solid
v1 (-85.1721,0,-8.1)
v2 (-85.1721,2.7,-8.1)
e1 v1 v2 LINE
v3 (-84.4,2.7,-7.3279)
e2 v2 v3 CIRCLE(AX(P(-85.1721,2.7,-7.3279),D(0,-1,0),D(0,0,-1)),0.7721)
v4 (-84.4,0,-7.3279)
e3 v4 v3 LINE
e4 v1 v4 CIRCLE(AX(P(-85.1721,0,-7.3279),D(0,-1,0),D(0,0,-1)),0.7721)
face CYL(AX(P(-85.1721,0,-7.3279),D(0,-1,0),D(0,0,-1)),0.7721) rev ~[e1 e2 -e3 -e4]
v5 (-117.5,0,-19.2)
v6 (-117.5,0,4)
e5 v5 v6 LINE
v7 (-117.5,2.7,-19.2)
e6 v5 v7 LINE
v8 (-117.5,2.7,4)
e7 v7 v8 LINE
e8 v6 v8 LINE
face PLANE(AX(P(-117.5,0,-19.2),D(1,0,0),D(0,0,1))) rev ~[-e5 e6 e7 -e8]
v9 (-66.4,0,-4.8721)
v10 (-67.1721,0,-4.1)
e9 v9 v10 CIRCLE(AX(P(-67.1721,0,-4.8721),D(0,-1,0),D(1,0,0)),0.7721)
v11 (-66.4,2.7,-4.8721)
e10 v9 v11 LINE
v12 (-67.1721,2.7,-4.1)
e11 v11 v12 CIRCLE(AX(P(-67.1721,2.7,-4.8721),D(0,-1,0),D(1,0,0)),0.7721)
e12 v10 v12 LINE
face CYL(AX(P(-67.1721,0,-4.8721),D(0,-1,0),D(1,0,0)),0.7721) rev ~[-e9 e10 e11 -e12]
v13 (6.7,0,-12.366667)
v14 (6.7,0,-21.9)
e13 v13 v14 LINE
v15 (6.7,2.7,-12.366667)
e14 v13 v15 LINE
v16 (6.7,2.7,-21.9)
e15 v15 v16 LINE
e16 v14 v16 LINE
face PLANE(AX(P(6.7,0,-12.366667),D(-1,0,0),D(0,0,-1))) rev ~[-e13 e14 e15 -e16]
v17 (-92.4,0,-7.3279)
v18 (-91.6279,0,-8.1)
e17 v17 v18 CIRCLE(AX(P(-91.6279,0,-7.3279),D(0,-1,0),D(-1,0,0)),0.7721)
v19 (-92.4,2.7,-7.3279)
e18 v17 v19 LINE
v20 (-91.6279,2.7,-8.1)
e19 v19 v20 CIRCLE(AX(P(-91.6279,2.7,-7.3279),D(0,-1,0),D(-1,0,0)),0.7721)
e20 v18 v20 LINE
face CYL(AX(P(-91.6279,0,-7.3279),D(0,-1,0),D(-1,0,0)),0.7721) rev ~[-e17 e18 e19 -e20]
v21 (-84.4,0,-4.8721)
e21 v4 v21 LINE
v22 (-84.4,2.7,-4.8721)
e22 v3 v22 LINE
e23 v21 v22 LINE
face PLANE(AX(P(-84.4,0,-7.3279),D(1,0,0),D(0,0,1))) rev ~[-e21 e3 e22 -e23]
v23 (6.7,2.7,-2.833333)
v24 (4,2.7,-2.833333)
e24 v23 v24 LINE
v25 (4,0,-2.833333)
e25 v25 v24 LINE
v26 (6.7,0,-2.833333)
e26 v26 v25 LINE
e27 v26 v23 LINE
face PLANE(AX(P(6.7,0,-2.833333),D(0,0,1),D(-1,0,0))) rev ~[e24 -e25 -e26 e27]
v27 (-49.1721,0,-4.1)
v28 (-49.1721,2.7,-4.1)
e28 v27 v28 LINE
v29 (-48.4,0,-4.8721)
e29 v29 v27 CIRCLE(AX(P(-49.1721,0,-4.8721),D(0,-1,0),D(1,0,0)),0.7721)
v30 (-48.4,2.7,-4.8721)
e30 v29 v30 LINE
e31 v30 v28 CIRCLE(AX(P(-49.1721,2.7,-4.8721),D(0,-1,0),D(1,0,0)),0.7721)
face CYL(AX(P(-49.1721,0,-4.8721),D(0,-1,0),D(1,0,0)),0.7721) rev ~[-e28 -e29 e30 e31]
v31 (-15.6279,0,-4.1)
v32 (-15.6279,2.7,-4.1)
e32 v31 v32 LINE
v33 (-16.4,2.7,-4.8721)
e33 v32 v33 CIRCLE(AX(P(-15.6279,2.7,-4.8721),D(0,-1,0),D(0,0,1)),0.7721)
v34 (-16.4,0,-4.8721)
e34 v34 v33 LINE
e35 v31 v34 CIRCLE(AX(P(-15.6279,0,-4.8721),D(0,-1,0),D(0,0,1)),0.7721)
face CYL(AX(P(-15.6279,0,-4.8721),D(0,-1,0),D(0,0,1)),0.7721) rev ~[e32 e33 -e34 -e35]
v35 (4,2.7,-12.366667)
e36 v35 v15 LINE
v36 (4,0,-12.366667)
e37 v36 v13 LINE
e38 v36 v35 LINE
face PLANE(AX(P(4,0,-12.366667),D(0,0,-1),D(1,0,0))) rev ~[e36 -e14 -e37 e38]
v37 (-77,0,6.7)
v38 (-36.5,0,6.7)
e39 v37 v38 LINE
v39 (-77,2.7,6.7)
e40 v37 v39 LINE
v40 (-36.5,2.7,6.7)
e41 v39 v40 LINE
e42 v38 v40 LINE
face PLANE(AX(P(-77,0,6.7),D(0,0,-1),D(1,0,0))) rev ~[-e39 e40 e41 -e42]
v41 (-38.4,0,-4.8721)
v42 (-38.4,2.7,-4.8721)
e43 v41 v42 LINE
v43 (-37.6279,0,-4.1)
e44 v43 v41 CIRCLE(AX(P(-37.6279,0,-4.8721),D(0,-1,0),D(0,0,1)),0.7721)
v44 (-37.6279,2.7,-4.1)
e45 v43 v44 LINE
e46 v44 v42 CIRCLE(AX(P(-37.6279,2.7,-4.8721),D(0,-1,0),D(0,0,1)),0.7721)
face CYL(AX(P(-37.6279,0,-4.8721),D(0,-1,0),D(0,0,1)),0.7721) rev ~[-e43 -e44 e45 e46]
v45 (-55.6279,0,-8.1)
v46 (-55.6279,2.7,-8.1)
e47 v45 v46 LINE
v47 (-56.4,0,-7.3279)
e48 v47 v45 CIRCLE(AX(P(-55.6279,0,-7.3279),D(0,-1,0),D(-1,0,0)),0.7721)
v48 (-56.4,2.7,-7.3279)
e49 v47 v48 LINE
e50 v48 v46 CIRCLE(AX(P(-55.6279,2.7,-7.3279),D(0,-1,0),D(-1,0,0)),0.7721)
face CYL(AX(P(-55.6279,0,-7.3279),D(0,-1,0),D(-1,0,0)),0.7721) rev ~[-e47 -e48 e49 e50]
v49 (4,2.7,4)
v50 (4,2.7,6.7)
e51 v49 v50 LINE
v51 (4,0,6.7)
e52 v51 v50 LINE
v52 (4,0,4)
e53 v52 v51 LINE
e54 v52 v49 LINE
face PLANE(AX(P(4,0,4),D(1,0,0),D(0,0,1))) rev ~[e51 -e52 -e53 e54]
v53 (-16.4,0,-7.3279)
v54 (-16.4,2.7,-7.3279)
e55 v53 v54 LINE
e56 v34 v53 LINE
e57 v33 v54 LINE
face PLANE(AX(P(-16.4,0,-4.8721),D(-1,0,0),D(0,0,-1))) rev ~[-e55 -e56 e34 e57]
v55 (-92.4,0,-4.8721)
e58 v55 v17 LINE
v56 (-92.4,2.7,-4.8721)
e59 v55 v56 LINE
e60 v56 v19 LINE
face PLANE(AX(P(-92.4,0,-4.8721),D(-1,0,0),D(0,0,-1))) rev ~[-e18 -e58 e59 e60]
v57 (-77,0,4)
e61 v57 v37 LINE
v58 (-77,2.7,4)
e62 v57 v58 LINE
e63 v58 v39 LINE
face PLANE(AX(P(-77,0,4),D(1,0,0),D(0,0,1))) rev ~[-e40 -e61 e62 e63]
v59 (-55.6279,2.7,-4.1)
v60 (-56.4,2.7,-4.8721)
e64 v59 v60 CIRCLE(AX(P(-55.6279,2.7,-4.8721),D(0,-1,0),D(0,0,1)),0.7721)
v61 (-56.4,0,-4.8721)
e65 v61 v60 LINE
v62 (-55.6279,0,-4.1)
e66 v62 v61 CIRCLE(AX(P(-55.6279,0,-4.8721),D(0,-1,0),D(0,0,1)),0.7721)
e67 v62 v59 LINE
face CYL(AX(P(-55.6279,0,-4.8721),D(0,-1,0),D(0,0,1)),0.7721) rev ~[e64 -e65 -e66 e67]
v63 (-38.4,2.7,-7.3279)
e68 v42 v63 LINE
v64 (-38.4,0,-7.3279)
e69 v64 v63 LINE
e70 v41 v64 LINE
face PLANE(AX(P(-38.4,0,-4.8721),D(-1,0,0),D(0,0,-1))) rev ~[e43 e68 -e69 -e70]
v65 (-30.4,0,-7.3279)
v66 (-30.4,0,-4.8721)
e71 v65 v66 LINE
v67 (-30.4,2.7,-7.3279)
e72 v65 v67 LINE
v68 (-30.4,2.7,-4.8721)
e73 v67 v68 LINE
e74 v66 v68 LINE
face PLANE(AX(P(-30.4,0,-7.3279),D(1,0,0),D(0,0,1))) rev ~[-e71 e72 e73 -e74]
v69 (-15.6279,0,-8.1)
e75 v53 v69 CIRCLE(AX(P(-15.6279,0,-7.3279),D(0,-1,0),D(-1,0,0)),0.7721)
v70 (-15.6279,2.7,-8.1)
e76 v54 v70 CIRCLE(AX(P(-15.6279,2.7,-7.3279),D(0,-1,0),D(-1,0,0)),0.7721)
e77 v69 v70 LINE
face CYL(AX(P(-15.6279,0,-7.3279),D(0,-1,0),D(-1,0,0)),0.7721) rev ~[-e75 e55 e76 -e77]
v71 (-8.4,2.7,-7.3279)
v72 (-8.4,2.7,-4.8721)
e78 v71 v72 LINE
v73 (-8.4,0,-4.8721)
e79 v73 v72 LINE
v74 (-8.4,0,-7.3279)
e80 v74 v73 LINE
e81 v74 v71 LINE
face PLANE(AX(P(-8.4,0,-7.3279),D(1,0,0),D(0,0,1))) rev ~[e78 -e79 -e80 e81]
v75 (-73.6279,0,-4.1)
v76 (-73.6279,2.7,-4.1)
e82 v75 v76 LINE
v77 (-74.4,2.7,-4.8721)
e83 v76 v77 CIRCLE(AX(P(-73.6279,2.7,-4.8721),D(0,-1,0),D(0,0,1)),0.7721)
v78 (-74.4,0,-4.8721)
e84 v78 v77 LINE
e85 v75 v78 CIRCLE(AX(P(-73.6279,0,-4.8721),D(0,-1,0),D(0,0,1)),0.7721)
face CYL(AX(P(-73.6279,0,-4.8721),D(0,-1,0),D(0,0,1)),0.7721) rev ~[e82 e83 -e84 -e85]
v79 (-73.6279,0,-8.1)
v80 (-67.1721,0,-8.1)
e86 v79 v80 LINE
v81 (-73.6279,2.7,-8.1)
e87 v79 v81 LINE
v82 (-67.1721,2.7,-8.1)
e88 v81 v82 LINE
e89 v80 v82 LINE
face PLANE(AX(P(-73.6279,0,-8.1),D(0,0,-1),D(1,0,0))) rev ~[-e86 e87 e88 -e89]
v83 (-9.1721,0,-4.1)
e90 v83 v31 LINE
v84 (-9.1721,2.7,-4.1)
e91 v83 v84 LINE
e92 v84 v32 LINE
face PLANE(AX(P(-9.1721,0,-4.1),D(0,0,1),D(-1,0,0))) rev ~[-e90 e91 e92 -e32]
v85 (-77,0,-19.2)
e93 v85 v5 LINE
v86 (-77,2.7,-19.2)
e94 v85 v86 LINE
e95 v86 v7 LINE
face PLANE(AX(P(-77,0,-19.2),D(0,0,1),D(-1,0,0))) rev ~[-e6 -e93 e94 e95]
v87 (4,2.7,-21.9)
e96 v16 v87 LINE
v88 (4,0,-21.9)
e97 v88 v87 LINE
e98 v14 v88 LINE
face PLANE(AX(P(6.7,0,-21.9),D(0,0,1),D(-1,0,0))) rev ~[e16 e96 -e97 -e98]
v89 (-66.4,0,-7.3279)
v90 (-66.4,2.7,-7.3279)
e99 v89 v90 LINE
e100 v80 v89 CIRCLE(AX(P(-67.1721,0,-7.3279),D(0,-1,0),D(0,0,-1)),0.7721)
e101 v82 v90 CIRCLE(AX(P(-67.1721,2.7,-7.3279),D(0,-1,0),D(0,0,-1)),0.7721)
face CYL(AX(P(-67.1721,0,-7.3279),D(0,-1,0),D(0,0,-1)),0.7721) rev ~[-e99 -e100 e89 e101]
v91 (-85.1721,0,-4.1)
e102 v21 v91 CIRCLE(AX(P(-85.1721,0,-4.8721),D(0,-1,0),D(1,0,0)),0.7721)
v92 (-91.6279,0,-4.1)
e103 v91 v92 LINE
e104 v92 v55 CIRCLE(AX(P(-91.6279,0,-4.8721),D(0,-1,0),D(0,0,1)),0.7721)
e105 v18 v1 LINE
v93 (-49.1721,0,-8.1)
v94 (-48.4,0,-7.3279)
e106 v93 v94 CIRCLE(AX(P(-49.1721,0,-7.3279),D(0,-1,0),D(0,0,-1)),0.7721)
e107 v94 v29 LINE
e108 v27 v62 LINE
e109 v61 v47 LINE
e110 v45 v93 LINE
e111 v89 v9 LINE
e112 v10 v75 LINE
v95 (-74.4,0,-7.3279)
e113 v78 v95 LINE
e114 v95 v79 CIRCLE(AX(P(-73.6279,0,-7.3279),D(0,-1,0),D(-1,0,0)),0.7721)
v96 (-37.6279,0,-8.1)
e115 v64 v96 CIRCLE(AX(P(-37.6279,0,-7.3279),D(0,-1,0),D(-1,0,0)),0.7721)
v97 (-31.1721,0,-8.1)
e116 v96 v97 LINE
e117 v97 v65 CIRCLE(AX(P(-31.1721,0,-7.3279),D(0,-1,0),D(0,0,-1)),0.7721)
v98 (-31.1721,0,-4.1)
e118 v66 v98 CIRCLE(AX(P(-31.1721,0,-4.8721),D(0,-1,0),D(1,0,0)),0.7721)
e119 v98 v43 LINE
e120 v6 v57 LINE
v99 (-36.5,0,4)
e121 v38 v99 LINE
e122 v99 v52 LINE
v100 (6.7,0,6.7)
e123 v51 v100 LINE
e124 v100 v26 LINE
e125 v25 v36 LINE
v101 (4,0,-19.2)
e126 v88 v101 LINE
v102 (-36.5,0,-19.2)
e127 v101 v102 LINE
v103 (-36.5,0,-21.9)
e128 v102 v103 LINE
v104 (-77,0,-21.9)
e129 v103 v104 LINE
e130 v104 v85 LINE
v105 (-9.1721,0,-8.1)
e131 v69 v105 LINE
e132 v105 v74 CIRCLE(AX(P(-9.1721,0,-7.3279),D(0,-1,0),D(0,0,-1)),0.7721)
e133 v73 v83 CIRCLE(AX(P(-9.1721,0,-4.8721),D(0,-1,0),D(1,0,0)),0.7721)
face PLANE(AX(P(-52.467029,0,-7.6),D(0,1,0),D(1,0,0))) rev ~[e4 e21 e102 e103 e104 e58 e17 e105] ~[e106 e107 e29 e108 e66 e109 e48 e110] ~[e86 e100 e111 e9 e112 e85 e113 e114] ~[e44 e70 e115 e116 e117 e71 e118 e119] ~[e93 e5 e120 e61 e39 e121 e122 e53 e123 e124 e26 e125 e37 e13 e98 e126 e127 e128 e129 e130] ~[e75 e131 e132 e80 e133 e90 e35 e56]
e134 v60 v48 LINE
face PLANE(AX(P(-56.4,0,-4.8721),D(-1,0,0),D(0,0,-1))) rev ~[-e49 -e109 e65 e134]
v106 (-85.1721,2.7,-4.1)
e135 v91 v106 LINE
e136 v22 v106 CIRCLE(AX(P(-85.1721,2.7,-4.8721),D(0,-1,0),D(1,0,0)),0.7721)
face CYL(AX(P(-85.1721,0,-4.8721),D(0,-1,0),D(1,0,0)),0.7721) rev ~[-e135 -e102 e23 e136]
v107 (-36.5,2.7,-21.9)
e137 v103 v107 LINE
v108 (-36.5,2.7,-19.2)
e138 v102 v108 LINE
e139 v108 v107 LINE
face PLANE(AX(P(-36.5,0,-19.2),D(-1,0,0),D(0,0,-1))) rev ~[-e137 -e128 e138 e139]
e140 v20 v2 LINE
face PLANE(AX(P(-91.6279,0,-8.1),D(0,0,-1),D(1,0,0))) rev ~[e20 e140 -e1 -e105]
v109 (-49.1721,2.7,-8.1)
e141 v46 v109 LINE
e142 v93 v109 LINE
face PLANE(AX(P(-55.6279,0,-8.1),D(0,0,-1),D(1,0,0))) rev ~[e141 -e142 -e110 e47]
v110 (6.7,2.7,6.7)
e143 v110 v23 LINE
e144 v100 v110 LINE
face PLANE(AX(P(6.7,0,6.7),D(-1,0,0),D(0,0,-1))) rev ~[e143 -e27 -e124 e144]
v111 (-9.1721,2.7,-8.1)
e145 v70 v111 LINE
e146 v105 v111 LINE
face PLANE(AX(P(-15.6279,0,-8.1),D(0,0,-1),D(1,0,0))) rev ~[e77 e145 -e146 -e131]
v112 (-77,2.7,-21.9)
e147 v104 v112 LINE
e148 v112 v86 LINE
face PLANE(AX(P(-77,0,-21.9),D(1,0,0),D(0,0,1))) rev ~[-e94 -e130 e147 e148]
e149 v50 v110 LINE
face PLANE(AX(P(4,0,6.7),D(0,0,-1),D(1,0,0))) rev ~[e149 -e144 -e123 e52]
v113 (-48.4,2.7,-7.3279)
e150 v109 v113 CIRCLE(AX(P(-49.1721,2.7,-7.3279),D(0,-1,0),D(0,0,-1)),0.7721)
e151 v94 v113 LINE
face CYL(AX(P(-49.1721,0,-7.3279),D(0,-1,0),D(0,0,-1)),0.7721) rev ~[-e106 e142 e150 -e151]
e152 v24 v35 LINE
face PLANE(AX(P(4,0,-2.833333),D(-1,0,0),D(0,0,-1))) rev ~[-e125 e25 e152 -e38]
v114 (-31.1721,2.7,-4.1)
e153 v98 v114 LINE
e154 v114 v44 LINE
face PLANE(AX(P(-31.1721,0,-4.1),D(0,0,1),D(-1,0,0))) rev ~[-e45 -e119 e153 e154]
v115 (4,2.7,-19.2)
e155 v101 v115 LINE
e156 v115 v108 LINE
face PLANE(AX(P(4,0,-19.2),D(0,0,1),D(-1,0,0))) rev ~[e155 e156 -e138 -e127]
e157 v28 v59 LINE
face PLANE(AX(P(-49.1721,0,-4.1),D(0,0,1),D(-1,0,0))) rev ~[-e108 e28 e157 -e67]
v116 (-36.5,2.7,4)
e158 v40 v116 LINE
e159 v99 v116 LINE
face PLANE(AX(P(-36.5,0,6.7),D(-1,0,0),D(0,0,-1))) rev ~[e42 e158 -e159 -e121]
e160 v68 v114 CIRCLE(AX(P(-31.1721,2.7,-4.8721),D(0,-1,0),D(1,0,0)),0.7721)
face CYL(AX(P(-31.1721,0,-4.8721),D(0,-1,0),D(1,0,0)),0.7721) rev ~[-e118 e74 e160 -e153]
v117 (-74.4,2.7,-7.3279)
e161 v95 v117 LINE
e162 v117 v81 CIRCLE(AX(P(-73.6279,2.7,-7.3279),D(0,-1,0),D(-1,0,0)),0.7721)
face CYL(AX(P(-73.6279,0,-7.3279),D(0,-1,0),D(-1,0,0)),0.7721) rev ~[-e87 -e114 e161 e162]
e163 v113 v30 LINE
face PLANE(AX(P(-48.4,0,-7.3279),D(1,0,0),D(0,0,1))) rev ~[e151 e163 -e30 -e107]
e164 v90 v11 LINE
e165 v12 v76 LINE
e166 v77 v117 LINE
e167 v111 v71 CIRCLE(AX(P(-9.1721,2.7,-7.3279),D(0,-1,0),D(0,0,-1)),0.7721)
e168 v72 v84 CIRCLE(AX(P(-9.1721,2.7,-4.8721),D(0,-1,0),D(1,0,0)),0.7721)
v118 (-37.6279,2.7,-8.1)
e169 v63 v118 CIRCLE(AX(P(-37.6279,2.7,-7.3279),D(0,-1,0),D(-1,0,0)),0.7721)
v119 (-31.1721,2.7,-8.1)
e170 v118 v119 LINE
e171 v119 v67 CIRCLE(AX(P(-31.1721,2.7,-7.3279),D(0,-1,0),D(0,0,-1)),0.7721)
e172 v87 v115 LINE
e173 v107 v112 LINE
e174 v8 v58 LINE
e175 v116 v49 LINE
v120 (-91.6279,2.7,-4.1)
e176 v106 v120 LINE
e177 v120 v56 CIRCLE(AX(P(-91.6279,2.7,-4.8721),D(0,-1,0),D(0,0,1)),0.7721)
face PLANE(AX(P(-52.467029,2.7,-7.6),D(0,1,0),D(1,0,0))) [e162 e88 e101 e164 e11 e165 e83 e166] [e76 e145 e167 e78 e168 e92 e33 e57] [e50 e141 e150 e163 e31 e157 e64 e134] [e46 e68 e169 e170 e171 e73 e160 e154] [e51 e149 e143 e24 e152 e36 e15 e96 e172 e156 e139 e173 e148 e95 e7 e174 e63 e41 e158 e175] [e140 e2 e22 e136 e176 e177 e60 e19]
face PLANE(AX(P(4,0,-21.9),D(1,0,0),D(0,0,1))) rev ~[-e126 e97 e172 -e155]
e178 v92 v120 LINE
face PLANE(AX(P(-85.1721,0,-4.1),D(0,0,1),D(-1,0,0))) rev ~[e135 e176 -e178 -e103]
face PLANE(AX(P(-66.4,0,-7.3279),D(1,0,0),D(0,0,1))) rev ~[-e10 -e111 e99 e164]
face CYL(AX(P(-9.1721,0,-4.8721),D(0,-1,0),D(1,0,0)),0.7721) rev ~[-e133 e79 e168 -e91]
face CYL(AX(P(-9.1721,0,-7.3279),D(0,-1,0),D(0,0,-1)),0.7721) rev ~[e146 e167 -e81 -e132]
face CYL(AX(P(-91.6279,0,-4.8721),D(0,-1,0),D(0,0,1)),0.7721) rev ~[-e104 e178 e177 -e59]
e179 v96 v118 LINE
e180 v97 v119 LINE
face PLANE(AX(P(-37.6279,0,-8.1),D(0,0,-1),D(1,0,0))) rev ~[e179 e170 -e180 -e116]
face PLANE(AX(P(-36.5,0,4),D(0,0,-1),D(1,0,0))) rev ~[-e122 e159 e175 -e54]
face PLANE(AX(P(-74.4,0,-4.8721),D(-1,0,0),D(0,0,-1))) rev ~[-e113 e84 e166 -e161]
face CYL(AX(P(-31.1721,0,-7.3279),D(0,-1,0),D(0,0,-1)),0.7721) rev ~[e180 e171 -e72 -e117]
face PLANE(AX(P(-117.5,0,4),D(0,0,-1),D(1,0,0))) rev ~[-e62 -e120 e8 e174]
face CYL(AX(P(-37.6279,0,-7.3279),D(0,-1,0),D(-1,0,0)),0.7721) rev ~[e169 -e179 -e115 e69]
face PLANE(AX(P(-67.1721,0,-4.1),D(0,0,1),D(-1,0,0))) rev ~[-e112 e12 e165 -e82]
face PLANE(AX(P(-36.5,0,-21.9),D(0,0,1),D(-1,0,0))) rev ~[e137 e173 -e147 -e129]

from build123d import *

# Parameters (mm, degrees)
BOSS_EXTRUDE1_DEPTH = 2.7


with BuildPart() as part:
    # Sketch1 → Boss-Extrude1 (new body)
    with BuildSketch(Plane(origin=(0, 0, 0), x_dir=(1, 0, 0), z_dir=(0, 1, 0))):
        Polygon((4, 2.833333333), (4, 12.366666667), (6.7, 12.366666667), (6.7, 21.9), (4, 21.9), (4, 19.2), (-36.5, 19.2), (-36.5, 21.9), (-77, 21.9), (-77, 19.2), (-117.5, 19.2), (-117.5, 12.366666667), (-117.5, 2.833333333), (-117.5, -4), (-77, -4), (-77, -6.7), (-36.5, -6.7), (-36.5, -4), (4, -4), (4, -6.7), (6.7, -6.7), (6.7, 2.833333333), align=None)
        with BuildLine():
            Line((-91.627899854, 8.1), (-85.172100146, 8.1))
            ThreePointArc((-85.172100146, 8.1), (-84.626142897, 7.873857103), (-84.4, 7.327899854))
            Line((-84.4, 7.327899854), (-84.4, 4.872100146))
            ThreePointArc((-84.4, 4.872100146), (-84.626142897, 4.326142897), (-85.172100146, 4.1))
            Line((-85.172100146, 4.1), (-91.627899854, 4.1))
            ThreePointArc((-91.627899854, 4.1), (-92.173857103, 4.326142897), (-92.4, 4.872100146))
            Line((-92.4, 4.872100146), (-92.4, 7.327899854))
            ThreePointArc((-92.4, 7.327899854), (-92.173857103, 7.873857103), (-91.627899854, 8.1))
        make_face(mode=Mode.SUBTRACT)
        with BuildLine():
            Line((-73.627899854, 8.1), (-67.172100146, 8.1))
            ThreePointArc((-67.172100146, 8.1), (-66.626142897, 7.873857103), (-66.4, 7.327899854))
            Line((-66.4, 7.327899854), (-66.4, 4.872100146))
            ThreePointArc((-66.4, 4.872100146), (-66.626142897, 4.326142897), (-67.172100146, 4.1))
            Line((-67.172100146, 4.1), (-73.627899854, 4.1))
            ThreePointArc((-73.627899854, 4.1), (-74.173857103, 4.326142897), (-74.4, 4.872100146))
            Line((-74.4, 4.872100146), (-74.4, 7.327899854))
            ThreePointArc((-74.4, 7.327899854), (-74.173857103, 7.873857103), (-73.627899854, 8.1))
        make_face(mode=Mode.SUBTRACT)
        with BuildLine():
            Line((-55.627899854, 8.1), (-49.172100146, 8.1))
            ThreePointArc((-49.172100146, 8.1), (-48.626142897, 7.873857103), (-48.4, 7.327899854))
            Line((-48.4, 7.327899854), (-48.4, 4.872100146))
            ThreePointArc((-48.4, 4.872100146), (-48.626142897, 4.326142897), (-49.172100146, 4.1))
            Line((-49.172100146, 4.1), (-55.627899854, 4.1))
            ThreePointArc((-55.627899854, 4.1), (-56.173857103, 4.326142897), (-56.4, 4.872100146))
            Line((-56.4, 4.872100146), (-56.4, 7.327899854))
            ThreePointArc((-56.4, 7.327899854), (-56.173857103, 7.873857103), (-55.627899854, 8.1))
        make_face(mode=Mode.SUBTRACT)
        with BuildLine():
            Line((-37.627899854, 8.1), (-31.172100146, 8.1))
            ThreePointArc((-31.172100146, 8.1), (-30.626142897, 7.873857103), (-30.4, 7.327899854))
            Line((-30.4, 7.327899854), (-30.4, 4.872100146))
            ThreePointArc((-30.4, 4.872100146), (-30.626142897, 4.326142897), (-31.172100146, 4.1))
            Line((-31.172100146, 4.1), (-37.627899854, 4.1))
            ThreePointArc((-37.627899854, 4.1), (-38.173857103, 4.326142897), (-38.4, 4.872100146))
            Line((-38.4, 4.872100146), (-38.4, 7.327899854))
            ThreePointArc((-38.4, 7.327899854), (-38.173857103, 7.873857103), (-37.627899854, 8.1))
        make_face(mode=Mode.SUBTRACT)
        with BuildLine():
            Line((-15.627899854, 8.1), (-9.172100146, 8.1))
            ThreePointArc((-9.172100146, 8.1), (-8.626142897, 7.873857103), (-8.4, 7.327899854))
            Line((-8.4, 7.327899854), (-8.4, 4.872100146))
            ThreePointArc((-8.4, 4.872100146), (-8.626142897, 4.326142897), (-9.172100146, 4.1))
            Line((-9.172100146, 4.1), (-15.627899854, 4.1))
            ThreePointArc((-15.627899854, 4.1), (-16.173857103, 4.326142897), (-16.4, 4.872100146))
            Line((-16.4, 4.872100146), (-16.4, 7.327899854))
            ThreePointArc((-16.4, 7.327899854), (-16.173857103, 7.873857103), (-15.627899854, 8.1))
        make_face(mode=Mode.SUBTRACT)
    extrude(amount=BOSS_EXTRUDE1_DEPTH)


solid = part.part
